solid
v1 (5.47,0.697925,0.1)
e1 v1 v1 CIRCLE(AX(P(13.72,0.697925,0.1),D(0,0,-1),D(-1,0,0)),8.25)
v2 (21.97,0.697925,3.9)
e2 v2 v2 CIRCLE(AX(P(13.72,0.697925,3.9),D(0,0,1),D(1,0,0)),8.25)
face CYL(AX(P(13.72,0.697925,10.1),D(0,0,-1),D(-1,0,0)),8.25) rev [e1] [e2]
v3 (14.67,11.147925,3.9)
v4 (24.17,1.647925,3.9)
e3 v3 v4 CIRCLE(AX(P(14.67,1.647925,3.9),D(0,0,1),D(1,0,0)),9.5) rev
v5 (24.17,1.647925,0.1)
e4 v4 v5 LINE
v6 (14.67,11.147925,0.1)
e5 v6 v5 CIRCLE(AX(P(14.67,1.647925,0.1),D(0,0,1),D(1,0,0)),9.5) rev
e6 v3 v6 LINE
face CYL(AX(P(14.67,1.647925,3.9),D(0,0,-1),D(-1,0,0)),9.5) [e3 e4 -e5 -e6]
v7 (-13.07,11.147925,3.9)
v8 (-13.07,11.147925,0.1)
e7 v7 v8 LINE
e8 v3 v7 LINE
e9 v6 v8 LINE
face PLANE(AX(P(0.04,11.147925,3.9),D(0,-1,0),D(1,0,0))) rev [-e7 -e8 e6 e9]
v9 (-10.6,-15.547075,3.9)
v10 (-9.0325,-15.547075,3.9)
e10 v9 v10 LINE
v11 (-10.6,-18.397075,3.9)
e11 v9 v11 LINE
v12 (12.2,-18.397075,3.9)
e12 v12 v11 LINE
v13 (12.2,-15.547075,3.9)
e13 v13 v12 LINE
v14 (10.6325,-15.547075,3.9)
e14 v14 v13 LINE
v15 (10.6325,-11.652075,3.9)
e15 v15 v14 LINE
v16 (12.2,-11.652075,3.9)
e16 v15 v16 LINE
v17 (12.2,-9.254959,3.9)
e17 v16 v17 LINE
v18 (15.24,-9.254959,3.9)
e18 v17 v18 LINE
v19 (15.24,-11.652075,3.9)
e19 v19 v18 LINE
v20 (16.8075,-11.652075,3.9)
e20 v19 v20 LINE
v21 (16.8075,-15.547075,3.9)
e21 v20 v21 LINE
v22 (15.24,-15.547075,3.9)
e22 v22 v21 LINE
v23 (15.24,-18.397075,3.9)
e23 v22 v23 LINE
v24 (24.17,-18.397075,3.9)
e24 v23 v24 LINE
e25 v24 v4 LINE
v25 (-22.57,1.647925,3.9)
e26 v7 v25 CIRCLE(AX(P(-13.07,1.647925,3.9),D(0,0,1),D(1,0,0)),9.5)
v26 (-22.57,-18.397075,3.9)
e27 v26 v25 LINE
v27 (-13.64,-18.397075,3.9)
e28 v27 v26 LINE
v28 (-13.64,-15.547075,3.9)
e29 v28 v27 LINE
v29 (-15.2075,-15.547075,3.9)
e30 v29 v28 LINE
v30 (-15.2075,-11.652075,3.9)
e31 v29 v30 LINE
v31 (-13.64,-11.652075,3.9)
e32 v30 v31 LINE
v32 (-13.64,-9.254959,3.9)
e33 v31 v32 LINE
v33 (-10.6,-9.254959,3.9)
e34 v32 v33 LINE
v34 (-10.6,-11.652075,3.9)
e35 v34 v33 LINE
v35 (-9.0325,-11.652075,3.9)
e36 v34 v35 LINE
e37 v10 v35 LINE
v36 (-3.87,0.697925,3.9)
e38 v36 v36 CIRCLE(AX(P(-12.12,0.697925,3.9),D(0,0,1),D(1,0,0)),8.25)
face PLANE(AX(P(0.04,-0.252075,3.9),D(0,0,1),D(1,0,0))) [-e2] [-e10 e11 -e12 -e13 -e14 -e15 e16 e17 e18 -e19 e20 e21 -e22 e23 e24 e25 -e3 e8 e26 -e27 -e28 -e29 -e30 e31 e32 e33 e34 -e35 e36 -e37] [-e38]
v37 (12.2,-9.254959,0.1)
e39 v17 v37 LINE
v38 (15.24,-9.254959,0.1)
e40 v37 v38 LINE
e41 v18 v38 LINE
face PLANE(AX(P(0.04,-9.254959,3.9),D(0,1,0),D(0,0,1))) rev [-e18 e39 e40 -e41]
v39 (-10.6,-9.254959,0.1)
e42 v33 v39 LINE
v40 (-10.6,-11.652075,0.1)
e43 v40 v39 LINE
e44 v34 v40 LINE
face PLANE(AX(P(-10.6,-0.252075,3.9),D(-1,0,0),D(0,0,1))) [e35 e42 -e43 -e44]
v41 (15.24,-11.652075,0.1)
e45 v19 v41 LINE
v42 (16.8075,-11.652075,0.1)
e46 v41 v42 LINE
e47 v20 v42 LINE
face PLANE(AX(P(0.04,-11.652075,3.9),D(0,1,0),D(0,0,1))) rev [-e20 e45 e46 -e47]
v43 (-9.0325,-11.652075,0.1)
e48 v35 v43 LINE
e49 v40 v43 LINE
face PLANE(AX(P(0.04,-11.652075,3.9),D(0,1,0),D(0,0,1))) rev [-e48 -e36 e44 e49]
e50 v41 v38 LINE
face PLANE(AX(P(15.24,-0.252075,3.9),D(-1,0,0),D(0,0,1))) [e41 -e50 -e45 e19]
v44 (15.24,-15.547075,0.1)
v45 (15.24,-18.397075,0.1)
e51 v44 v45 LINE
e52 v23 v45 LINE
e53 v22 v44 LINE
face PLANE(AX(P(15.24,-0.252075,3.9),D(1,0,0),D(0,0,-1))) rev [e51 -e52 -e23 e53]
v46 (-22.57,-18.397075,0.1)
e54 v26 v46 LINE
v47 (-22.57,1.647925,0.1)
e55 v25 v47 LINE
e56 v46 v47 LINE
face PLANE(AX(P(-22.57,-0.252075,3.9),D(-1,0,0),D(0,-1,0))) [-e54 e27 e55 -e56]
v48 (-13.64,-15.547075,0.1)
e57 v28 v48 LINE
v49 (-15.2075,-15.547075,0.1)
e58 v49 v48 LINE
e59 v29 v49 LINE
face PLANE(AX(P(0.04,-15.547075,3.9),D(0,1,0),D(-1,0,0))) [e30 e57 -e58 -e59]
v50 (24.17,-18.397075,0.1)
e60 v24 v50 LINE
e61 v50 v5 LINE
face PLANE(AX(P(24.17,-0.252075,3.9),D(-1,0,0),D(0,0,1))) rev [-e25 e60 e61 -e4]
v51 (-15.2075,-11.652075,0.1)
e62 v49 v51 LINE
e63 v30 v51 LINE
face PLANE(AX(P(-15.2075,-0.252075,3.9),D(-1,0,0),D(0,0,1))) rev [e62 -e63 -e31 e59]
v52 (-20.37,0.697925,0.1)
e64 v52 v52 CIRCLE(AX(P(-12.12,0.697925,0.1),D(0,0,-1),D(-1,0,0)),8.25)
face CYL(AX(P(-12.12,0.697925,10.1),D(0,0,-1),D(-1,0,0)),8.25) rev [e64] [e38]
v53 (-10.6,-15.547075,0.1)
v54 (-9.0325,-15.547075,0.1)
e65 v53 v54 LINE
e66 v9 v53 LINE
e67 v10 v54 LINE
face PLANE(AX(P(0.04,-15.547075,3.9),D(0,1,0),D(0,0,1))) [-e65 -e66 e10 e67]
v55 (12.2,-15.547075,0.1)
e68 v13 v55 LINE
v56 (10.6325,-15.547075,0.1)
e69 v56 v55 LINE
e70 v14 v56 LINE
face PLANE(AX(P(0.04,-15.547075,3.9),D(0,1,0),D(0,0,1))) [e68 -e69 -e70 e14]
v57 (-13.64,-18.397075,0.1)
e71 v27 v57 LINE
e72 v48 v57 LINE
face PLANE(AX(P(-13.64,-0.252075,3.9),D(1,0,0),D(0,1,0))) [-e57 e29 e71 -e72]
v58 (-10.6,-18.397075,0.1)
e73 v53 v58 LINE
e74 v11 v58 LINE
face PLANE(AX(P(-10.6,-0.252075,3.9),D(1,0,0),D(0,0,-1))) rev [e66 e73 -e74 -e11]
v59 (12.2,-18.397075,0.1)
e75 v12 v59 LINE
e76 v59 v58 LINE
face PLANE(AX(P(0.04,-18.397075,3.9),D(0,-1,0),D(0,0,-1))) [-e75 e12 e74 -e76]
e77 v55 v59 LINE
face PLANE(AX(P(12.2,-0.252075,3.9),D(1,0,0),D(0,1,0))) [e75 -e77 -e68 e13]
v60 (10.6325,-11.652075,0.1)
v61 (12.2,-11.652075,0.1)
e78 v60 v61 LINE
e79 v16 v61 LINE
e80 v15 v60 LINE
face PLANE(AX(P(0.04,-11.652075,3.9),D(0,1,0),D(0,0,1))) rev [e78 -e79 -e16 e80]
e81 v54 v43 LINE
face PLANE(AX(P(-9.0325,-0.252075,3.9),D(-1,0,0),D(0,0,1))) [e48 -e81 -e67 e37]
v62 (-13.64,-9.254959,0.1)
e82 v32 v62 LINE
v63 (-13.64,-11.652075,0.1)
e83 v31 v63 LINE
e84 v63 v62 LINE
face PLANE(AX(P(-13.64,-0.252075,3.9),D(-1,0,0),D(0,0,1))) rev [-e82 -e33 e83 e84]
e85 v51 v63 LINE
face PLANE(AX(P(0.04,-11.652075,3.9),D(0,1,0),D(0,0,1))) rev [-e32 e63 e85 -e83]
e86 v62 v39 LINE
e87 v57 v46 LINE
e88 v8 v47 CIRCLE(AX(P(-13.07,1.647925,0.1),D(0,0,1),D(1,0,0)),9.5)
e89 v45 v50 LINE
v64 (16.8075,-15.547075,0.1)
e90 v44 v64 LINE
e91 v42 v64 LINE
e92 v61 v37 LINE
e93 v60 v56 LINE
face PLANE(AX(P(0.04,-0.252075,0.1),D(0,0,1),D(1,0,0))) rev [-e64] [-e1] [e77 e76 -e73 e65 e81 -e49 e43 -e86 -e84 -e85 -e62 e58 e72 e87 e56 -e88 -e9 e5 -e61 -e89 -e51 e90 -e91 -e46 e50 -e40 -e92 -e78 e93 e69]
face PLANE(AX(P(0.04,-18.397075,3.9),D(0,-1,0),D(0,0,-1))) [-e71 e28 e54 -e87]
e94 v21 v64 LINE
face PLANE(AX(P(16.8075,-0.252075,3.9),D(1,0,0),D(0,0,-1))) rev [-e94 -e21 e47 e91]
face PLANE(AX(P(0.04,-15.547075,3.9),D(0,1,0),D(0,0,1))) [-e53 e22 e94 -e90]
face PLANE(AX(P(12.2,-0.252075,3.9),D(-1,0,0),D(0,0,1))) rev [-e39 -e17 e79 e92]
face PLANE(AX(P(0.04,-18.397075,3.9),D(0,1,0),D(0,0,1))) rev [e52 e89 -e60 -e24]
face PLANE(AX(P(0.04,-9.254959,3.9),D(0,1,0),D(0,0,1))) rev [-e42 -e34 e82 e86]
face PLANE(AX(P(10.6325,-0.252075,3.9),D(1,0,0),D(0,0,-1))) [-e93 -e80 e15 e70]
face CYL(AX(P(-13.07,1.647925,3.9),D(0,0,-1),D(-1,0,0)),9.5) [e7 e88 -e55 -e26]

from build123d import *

# Parameters (mm, degrees)
ESBO_O1_R                = 8.05
RESSALTO_EXTRUS_O1_DEPTH = 4
ESCALA1_SCALE            = 0.95
ESBO_O2_R                = 8.25
ESBO_O2_R_2              = 7.6475
CORTE_EXTRUS_O1_DEPTH    = 10


with BuildPart() as part:
    # Esboço1 → Ressalto-extrusão1 (new body)
    with BuildSketch(Plane.XY):
        with BuildLine():
            Line((-9.55, -16.1), (-11.2, -16.1))
            Line((-11.2, -16.1), (-11.2, -18.526258263))
            Line((-11.2, -18.526258263), (-11.2, -19.1))
            Line((-11.2, -19.1), (12.8, -19.1))
            Line((12.8, -19.1), (12.8, -18.526258263))
            Line((12.8, -18.526258263), (12.8, -16.1))
            Line((12.8, -16.1), (11.15, -16.1))
            Line((11.15, -16.1), (11.15, -12))
            Line((11.15, -12), (12.8, -12))
            Line((12.8, -12), (12.8, -9.47671964))
            Line((12.8, -9.47671964), (16, -9.47671964))
            Line((16, -9.47671964), (16, -12))
            Line((16, -12), (17.65, -12))
            Line((17.65, -12), (17.65, -16.1))
            Line((17.65, -16.1), (16, -16.1))
            Line((16, -16.1), (16, -18.526258263))
            Line((16, -18.526258263), (16, -19.1))
            Line((16, -19.1), (25.4, -19.1))
            Line((25.4, -19.1), (25.4, 2))
            ThreePointArc((25.4, 2), (22.471067812, 9.071067812), (15.4, 12))
            Line((15.4, 12), (-13.8, 12))
            ThreePointArc((-13.8, 12), (-20.871067812, 9.071067812), (-23.8, 2))
            Line((-23.8, 2), (-23.8, -19.1))
            Line((-23.8, -19.1), (-14.4, -19.1))
            Line((-14.4, -19.1), (-14.4, -16.1))
            Line((-14.4, -16.1), (-16.05, -16.1))
            Line((-16.05, -16.1), (-16.05, -12))
            Line((-16.05, -12), (-14.4, -12))
            Line((-14.4, -12), (-14.4, -9.47671964))
            Line((-14.4, -9.47671964), (-11.2, -9.47671964))
            Line((-11.2, -9.47671964), (-11.2, -12))
            Line((-11.2, -12), (-9.55, -12))
            Line((-9.55, -12), (-9.55, -16.1))
        make_face()
        with Locations((-12.8, 1)):
            Circle(ESBO_O1_R, mode=Mode.SUBTRACT)
        with Locations((14.4, 1)):
            Circle(ESBO_O1_R, mode=Mode.SUBTRACT)
    extrude(amount=RESSALTO_EXTRUS_O1_DEPTH)


with BuildPart() as part_1:
    # Escala1: scaled about (0.8, -5.041502423, 2)
    add(part.part.scale(ESCALA1_SCALE).moved(Location((0.04, -0.252075121, 0.1))))

    # Esboço2 → Corte-extrusão1 (cut)
    # profile 1 of 2: a face of its own
    with BuildSketch(Plane(origin=(0, 0, 0.1), x_dir=(-1, 0, 0), z_dir=(0, 0, -1))):
        with Locations((12.12, 0.697924879)):
            Circle(ESBO_O2_R)
        with Locations((12.12, 0.697924879)):
            Circle(ESBO_O2_R_2, mode=Mode.SUBTRACT)
    # profile 2 of 2: a face of its own
    with BuildSketch(Plane(origin=(0, 0, 0.1), x_dir=(-1, 0, 0), z_dir=(0, 0, -1))):
        with Locations((-13.72, 0.697924879)):
            Circle(ESBO_O2_R)
        with Locations((-13.72, 0.697924879)):
            Circle(ESBO_O2_R_2, mode=Mode.SUBTRACT)
    extrude(amount=-CORTE_EXTRUS_O1_DEPTH, mode=Mode.SUBTRACT)


solid = part_1.part
